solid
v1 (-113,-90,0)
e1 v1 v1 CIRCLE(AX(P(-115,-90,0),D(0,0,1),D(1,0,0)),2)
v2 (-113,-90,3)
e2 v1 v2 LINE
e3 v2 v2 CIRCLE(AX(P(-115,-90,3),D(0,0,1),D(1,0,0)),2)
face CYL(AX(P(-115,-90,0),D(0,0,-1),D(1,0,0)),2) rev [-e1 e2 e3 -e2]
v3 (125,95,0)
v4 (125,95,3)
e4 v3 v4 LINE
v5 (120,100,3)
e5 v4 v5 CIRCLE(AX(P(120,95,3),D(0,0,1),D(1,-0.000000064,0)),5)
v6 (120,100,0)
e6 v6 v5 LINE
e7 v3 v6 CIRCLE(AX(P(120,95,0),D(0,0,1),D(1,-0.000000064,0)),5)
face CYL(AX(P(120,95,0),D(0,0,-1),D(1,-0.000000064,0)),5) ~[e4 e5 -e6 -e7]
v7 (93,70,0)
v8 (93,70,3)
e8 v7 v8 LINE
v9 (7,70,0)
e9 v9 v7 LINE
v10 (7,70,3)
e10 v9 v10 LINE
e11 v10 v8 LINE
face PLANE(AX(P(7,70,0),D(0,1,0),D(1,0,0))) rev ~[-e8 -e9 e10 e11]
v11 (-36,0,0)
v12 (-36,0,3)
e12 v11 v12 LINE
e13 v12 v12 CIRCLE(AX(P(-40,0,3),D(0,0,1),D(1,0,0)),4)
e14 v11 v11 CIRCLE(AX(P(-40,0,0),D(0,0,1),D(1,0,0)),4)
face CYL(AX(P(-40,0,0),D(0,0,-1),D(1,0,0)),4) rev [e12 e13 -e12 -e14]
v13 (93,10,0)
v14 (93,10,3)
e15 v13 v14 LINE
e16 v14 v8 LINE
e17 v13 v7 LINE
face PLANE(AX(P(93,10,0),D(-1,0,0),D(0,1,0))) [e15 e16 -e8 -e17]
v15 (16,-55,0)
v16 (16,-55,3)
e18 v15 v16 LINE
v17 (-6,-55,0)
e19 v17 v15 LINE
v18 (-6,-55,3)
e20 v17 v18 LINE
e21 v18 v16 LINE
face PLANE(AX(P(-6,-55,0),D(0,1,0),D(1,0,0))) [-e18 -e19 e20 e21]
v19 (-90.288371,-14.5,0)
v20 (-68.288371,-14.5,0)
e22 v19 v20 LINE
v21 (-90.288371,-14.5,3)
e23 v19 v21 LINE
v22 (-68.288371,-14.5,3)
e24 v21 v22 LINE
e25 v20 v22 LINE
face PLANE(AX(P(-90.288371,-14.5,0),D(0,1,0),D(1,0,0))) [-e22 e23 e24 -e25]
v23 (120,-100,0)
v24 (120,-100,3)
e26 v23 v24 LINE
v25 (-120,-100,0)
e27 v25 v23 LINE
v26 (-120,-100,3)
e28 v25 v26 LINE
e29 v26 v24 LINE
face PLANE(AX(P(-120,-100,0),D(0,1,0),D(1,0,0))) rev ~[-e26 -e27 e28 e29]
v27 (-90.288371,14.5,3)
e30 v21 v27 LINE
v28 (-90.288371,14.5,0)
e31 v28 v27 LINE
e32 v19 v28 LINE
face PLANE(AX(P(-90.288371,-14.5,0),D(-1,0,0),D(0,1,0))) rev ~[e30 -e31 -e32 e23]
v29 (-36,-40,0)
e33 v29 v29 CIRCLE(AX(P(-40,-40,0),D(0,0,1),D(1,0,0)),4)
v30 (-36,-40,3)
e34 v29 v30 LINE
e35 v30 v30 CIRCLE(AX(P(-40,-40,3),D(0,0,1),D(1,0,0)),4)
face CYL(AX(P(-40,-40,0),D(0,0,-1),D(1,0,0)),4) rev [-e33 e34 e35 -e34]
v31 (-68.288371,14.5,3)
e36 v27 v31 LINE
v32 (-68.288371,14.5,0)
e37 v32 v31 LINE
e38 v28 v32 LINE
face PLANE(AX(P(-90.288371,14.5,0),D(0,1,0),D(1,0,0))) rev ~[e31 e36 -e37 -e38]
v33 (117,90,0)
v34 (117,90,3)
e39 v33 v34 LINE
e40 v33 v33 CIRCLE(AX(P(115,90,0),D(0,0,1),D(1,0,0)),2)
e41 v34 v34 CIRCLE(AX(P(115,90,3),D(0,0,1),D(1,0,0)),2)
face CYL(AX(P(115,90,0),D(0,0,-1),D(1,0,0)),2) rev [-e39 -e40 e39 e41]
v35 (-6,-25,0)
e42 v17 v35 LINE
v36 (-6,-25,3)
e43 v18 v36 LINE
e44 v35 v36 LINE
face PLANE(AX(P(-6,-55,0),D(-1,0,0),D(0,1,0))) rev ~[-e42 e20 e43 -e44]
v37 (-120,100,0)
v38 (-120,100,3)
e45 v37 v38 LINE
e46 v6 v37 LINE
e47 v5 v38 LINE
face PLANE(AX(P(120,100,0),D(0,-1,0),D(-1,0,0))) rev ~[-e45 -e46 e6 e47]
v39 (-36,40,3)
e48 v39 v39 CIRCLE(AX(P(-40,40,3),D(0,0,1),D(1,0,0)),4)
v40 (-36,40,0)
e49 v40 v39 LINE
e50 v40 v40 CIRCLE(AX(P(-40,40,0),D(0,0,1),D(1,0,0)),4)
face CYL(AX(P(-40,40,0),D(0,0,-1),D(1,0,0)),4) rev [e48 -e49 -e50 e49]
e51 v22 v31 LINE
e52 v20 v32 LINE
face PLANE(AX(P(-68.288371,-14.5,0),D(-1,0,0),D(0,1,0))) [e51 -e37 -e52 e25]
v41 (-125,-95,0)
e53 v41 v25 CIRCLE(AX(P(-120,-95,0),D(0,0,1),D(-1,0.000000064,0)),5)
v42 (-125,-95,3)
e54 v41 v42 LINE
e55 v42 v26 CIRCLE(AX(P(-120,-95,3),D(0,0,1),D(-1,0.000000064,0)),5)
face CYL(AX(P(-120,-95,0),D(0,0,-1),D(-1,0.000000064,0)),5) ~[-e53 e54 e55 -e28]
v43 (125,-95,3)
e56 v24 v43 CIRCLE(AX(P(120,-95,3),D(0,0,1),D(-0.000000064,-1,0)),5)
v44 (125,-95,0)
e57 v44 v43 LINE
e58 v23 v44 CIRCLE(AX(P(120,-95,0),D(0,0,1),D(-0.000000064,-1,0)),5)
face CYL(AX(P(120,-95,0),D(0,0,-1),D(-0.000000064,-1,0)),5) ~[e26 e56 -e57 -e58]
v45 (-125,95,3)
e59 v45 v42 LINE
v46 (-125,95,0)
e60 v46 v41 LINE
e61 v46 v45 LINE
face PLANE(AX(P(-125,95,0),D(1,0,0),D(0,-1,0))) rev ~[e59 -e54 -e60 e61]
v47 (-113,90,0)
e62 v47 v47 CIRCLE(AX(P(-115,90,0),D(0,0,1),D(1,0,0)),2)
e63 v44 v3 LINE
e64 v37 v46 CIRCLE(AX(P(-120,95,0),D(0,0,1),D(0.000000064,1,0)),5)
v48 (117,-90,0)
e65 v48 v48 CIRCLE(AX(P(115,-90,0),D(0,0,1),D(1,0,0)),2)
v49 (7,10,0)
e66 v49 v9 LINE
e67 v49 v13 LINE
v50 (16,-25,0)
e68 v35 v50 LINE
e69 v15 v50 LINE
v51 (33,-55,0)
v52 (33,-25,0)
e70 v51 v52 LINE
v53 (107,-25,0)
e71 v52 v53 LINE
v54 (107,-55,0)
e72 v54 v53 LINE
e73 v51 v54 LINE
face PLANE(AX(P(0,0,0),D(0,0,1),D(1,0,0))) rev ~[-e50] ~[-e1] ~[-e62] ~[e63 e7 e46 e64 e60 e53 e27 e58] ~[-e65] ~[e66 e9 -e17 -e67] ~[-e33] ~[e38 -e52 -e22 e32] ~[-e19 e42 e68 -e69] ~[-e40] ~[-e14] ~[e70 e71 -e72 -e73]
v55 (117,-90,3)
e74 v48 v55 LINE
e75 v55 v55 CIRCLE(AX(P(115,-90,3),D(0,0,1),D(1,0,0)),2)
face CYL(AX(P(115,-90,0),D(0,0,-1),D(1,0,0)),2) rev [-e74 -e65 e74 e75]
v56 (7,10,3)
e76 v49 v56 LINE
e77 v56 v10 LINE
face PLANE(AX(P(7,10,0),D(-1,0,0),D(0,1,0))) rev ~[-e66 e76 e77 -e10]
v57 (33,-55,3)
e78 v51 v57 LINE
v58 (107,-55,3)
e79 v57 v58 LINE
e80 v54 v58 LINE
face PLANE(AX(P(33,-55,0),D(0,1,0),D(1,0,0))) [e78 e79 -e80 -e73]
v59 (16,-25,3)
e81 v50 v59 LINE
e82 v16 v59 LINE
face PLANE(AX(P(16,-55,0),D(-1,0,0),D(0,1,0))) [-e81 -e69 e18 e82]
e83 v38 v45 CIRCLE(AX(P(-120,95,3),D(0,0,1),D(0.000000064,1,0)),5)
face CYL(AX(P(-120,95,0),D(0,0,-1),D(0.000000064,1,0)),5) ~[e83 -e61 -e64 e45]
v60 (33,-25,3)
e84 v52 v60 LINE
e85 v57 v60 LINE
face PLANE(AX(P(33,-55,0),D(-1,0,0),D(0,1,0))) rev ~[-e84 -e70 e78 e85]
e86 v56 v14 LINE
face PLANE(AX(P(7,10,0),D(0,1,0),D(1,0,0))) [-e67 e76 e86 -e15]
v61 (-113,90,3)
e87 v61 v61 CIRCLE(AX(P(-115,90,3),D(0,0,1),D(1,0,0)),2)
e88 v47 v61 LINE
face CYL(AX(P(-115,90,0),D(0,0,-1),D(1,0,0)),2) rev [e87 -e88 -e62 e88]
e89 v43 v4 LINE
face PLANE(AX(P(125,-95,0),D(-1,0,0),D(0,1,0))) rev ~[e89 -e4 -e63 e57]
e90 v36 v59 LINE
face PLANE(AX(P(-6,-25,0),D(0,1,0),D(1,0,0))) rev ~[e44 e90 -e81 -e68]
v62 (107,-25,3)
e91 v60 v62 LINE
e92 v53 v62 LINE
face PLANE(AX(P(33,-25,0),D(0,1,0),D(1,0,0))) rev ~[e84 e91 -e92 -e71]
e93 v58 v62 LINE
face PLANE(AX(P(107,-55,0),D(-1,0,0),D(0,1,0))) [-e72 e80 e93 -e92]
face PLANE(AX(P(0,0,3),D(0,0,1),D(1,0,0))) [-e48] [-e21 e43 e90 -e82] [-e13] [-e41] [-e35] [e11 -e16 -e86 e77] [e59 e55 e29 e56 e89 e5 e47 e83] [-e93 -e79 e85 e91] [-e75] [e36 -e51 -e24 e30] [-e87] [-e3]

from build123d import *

# Parameters (mm, degrees)
F0_R     = 2
F0_R_2   = 4
F0_W     = 22
F0_H     = 30
F0_W_2   = 74
F0_H_2   = 29
F0_W_3   = 86
F0_H_3   = 60
F1_DEPTH = 3


with BuildPart() as f1:
    # F0 (on Top) → F1 (new body)
    with BuildSketch(Plane.XY):
        with BuildLine():
            Line((-120, -100), (120, -100))
            ThreePointArc((120, -100), (123.535534, -98.535534), (125, -95))
            Line((125, -95), (125, 95))
            ThreePointArc((125, 95), (123.535534, 98.535534), (120, 100))
            Line((120, 100), (-120, 100))
            ThreePointArc((-120, 100), (-123.535534, 98.535534), (-125, 95))
            Line((-125, 95), (-125, -95))
            ThreePointArc((-125, -95), (-123.535534, -98.535534), (-120, -100))
        make_face()
        with Locations((-115, -90)):
            Circle(F0_R, mode=Mode.SUBTRACT)
        with Locations((-40, -40)):
            Circle(F0_R_2, mode=Mode.SUBTRACT)
        with Locations((115, -90)):
            Circle(F0_R, mode=Mode.SUBTRACT)
        with Locations((5, -40)):
            Rectangle(F0_W, F0_H, mode=Mode.SUBTRACT)
        with Locations((70, -40)):
            Rectangle(F0_W_2, F0_H, mode=Mode.SUBTRACT)
        with Locations((-79.288371, 0)):
            Rectangle(F0_W, F0_H_2, mode=Mode.SUBTRACT)
        with Locations((-40, 0)):
            Circle(F0_R_2, mode=Mode.SUBTRACT)
        with Locations((-40, 40)):
            Circle(F0_R_2, mode=Mode.SUBTRACT)
        with Locations((-115, 90)):
            Circle(F0_R, mode=Mode.SUBTRACT)
        with Locations((50, 40)):
            Rectangle(F0_W_3, F0_H_3, mode=Mode.SUBTRACT)
        with Locations((115, 90)):
            Circle(F0_R, mode=Mode.SUBTRACT)
    extrude(amount=F1_DEPTH)


solid = f1.part
